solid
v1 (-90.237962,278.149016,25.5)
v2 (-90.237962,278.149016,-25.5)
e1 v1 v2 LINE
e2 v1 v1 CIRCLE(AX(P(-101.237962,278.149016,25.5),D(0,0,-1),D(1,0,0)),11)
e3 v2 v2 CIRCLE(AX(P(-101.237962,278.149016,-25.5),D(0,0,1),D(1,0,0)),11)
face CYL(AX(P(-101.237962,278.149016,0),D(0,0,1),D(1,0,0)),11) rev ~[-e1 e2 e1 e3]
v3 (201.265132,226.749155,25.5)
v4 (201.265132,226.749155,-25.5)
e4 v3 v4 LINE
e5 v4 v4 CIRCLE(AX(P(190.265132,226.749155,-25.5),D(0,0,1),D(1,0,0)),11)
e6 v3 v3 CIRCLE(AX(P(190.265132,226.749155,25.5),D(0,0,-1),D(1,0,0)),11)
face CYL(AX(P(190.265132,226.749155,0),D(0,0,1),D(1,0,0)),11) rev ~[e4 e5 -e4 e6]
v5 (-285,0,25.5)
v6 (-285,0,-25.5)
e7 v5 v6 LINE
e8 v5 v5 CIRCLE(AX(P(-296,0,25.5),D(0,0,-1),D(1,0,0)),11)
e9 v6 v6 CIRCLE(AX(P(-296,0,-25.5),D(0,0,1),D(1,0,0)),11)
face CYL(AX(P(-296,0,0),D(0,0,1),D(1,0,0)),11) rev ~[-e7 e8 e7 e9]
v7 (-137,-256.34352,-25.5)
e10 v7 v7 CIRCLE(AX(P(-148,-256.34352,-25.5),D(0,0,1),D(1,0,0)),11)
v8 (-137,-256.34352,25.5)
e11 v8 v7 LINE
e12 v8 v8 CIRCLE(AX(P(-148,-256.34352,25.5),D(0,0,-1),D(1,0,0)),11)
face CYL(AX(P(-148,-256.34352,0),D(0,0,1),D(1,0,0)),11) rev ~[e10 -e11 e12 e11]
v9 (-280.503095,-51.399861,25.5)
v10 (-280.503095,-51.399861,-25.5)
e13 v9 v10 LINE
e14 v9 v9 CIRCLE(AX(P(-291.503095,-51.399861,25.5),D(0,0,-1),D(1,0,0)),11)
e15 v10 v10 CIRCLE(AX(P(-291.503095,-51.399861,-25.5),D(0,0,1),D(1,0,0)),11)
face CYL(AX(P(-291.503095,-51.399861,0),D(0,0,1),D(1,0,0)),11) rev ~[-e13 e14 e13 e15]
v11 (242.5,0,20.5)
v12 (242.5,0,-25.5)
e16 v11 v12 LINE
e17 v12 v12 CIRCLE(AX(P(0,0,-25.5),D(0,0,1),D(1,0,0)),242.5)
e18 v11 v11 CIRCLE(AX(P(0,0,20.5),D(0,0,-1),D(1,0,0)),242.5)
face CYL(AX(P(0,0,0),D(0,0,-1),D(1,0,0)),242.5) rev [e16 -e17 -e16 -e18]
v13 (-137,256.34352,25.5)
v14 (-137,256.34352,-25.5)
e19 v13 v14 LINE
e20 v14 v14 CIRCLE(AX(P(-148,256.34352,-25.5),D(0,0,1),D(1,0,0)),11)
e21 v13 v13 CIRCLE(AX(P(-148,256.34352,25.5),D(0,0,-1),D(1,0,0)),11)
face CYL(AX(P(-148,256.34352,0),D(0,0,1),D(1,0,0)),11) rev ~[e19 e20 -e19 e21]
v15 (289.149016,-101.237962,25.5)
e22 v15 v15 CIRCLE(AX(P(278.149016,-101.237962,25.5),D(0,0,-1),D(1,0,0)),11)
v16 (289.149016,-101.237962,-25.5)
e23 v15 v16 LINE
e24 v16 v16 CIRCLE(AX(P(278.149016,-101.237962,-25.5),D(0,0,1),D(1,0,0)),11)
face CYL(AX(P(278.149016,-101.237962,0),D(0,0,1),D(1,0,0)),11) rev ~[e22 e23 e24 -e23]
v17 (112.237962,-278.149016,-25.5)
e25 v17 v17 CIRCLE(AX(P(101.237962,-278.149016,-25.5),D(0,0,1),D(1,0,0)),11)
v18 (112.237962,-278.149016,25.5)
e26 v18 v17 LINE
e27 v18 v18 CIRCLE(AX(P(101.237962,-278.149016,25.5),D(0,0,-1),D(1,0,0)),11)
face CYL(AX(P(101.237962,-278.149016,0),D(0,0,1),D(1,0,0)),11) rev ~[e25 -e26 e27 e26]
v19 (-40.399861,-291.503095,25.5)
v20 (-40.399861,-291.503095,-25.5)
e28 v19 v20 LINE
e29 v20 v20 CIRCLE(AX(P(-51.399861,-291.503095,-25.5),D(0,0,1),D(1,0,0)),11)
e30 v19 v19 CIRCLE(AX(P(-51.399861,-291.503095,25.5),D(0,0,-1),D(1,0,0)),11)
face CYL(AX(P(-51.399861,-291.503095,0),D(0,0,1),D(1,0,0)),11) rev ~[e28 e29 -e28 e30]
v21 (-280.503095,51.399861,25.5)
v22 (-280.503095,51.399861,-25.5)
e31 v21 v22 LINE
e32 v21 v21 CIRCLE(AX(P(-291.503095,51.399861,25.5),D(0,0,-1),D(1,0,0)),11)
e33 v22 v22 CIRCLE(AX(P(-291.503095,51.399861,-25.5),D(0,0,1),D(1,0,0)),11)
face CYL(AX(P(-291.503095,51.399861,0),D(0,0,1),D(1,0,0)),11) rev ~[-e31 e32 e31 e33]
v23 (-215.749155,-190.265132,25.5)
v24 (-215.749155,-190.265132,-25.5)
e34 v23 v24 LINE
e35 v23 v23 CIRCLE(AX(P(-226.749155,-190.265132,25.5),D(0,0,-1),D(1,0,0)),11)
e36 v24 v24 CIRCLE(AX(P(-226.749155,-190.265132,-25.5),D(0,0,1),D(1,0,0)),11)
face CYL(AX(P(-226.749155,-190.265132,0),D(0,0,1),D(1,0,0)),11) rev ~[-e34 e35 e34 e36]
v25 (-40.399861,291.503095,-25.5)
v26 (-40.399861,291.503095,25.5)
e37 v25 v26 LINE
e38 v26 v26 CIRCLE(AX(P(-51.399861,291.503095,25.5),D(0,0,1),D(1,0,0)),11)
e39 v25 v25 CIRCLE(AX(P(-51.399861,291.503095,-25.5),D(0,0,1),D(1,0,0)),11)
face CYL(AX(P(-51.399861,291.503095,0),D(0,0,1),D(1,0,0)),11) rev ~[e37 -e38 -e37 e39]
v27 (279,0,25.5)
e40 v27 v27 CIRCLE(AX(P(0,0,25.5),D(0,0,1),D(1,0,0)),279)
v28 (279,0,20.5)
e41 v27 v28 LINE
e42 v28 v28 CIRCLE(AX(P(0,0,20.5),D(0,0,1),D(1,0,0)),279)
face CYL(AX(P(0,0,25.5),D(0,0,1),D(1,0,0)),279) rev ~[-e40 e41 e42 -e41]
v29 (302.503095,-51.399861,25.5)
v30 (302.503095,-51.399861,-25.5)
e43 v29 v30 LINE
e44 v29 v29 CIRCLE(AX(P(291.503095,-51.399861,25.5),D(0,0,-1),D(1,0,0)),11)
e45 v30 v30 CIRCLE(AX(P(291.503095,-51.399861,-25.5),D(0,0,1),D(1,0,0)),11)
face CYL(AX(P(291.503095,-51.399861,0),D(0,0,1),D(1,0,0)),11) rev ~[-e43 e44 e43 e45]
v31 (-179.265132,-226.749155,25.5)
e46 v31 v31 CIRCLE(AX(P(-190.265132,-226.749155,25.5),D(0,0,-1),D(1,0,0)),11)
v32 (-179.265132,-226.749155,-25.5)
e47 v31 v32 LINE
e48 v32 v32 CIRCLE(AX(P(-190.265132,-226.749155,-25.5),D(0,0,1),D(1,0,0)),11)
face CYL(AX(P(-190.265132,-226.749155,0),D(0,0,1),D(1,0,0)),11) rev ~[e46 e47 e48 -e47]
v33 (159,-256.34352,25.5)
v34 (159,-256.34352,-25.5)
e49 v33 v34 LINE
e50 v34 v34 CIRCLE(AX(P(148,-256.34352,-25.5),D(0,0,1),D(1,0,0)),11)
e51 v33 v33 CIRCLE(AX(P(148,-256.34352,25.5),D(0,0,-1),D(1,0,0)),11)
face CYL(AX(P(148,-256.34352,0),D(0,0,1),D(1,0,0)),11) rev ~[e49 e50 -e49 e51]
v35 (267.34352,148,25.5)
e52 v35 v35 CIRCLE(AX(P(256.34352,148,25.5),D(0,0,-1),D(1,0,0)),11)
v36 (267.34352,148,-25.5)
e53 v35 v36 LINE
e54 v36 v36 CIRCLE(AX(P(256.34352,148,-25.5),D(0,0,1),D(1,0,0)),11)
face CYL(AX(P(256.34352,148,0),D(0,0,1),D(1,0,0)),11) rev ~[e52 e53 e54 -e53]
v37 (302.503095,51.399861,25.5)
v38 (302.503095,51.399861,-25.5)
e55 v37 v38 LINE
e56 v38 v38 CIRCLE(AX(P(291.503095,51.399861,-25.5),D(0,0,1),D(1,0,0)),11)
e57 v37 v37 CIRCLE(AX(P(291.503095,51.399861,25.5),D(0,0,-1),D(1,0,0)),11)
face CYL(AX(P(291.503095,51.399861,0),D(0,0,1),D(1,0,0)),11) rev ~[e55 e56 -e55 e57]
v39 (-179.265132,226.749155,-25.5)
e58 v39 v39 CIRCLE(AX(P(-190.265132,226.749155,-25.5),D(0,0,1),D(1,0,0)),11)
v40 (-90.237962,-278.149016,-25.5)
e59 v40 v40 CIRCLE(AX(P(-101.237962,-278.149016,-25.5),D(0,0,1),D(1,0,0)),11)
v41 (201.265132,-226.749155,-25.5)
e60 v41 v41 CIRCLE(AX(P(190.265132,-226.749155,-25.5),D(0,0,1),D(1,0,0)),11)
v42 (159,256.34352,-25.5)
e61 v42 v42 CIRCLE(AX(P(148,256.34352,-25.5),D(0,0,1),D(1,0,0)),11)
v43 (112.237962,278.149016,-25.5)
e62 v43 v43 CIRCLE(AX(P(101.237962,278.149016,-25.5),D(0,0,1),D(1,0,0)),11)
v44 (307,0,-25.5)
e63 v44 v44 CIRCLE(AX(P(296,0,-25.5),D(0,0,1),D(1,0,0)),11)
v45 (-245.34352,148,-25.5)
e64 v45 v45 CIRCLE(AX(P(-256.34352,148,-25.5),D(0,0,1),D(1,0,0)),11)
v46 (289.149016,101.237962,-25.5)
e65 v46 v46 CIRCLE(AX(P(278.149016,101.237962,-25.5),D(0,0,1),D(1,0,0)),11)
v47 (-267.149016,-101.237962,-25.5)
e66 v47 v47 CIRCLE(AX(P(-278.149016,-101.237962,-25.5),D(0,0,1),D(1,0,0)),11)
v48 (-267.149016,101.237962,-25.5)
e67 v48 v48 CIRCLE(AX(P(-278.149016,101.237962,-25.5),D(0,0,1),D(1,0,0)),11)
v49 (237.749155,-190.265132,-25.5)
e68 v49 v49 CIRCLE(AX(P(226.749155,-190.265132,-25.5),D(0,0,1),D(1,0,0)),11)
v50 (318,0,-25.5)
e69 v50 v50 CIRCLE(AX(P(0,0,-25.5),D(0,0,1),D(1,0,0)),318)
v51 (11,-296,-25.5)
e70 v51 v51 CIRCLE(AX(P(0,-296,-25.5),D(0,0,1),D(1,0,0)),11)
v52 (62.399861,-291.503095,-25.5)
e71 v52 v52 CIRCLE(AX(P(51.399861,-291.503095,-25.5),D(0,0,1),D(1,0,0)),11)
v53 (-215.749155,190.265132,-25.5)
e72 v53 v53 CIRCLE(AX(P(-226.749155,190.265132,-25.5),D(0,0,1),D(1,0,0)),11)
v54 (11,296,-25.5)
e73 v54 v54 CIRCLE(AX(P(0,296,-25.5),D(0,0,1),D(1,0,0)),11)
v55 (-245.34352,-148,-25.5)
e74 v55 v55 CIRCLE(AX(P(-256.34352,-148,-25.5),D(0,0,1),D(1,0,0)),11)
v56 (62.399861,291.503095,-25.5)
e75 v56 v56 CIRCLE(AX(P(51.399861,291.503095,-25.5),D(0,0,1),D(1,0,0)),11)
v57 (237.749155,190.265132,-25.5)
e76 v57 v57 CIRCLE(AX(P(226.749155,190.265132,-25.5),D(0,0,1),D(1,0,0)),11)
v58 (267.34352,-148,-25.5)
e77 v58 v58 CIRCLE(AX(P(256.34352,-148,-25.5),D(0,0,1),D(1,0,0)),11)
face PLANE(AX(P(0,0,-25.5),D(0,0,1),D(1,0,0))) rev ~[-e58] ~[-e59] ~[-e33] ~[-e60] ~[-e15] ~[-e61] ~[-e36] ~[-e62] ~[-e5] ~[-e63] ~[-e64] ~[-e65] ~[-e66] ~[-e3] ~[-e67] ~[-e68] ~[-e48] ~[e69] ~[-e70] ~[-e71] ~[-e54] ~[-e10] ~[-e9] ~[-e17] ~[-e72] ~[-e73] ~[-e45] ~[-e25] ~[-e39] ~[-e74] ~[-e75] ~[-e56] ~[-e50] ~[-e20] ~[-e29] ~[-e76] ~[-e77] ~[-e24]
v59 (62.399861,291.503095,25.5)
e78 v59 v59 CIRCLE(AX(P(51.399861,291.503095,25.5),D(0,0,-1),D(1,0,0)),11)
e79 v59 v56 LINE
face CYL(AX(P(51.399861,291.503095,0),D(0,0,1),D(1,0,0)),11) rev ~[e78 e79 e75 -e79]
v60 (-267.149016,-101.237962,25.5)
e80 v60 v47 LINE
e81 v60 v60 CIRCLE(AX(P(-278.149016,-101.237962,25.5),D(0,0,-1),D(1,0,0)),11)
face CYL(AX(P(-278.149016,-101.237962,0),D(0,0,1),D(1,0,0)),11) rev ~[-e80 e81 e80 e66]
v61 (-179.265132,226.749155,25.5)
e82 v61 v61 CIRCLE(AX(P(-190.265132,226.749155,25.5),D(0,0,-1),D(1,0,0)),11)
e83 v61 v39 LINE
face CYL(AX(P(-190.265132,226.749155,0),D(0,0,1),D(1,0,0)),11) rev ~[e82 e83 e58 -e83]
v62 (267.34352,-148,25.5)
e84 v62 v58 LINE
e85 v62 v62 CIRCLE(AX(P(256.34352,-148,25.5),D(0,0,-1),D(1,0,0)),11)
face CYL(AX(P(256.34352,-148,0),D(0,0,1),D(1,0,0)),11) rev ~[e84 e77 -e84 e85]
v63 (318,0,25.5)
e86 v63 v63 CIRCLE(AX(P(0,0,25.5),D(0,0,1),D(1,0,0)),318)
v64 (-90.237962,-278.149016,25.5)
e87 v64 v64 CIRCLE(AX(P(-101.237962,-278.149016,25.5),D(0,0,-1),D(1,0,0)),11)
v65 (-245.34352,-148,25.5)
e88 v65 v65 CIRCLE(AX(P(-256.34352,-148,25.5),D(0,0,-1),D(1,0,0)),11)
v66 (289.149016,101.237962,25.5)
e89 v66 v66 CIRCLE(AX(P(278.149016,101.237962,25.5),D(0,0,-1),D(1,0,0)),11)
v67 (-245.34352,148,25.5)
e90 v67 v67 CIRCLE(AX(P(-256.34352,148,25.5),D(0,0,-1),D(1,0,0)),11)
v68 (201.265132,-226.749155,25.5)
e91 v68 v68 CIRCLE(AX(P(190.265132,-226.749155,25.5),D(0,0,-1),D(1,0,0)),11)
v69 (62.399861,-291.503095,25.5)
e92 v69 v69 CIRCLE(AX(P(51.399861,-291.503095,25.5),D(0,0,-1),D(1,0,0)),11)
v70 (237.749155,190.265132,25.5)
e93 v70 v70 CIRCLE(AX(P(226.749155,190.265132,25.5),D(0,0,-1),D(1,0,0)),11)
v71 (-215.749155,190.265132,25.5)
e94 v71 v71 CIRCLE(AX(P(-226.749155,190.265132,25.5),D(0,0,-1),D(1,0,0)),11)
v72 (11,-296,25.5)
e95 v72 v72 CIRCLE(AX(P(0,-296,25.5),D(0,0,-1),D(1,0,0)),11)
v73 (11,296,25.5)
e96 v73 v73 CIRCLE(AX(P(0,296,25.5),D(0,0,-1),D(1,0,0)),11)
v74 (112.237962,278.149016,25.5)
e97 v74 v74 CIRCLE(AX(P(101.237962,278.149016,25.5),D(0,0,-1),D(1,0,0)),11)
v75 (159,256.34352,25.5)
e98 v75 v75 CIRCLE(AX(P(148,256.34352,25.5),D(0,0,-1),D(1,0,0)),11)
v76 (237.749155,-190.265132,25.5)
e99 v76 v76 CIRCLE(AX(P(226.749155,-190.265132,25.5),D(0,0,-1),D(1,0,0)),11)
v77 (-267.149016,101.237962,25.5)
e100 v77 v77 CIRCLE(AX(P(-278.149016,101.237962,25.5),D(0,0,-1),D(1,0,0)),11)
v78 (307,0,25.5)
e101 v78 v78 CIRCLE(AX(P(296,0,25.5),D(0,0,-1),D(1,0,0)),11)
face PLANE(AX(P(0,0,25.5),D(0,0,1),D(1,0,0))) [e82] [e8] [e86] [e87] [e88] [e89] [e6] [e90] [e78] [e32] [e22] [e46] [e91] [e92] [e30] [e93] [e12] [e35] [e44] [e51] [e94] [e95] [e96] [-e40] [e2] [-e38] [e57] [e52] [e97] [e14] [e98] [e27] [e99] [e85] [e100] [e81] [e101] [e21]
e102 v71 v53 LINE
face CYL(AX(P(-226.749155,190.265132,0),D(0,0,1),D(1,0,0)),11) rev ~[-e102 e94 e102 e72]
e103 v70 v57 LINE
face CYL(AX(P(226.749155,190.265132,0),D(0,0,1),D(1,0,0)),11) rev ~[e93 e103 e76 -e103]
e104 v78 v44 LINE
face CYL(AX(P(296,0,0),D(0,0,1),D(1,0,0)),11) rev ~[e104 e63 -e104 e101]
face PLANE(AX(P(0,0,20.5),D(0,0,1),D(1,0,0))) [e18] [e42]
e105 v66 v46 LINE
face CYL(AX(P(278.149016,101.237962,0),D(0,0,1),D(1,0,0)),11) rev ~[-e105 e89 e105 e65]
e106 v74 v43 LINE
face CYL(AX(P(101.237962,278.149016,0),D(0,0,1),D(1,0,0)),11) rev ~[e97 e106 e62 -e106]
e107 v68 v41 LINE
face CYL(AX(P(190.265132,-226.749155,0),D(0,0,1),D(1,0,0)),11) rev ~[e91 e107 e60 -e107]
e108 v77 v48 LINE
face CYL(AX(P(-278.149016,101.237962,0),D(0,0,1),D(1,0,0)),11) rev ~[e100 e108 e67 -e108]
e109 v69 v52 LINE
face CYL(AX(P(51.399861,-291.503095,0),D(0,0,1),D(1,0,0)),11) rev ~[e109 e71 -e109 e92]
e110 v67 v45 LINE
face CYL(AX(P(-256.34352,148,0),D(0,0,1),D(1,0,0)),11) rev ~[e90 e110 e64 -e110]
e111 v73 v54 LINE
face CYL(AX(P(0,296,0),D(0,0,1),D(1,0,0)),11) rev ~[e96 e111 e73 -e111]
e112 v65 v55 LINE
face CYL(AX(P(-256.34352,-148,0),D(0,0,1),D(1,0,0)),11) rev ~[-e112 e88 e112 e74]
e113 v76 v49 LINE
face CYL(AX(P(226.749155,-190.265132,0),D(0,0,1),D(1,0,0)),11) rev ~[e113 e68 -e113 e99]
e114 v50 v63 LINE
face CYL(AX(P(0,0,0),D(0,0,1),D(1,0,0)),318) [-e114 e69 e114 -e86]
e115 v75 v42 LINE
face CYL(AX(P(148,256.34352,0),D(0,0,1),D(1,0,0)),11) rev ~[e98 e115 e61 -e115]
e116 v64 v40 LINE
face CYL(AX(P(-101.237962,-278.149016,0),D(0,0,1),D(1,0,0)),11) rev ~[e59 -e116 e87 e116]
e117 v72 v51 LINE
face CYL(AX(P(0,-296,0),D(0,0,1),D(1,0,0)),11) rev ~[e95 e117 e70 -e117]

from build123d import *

# Parameters (mm, degrees)
SKETCH1_R           = 318
SKETCH1_R_2         = 242.5
BOSS_EXTRUDE1_DEPTH = 25.5
SKETCH2_R           = 279
CUT_EXTRUDE1_DEPTH  = 5
SKETCH3_R           = 11
CUT_EXTRUDE2_DEPTH  = 27.5


with BuildPart() as part:
    # Sketch1 → Boss-Extrude1 (new body, symmetric)
    with BuildSketch(Plane.XY):
        Circle(SKETCH1_R)
        Circle(SKETCH1_R_2, mode=Mode.SUBTRACT)
    extrude(amount=BOSS_EXTRUDE1_DEPTH, both=True)

    # Sketch2 → Cut-Extrude1 (cut)
    with BuildSketch(Plane.XY.offset(25.5)):
        Circle(SKETCH2_R)
    extrude(amount=-CUT_EXTRUDE1_DEPTH, mode=Mode.SUBTRACT)

    # Sketch3 → Cut-Extrude2 (cut, symmetric)
    with BuildSketch(Plane.XY):
        with Locations((0, 296)):
            Circle(SKETCH3_R)
        with Locations((51.399860589, 291.503094892)):
            Circle(SKETCH3_R)
        with Locations((101.237962424, 278.149015753)):
            Circle(SKETCH3_R)
        with Locations((148, 256.34351952)):
            Circle(SKETCH3_R)
        with Locations((190.265132467, 226.749155163)):
            Circle(SKETCH3_R)
        with Locations((226.749155163, 190.265132467)):
            Circle(SKETCH3_R)
        with Locations((256.34351952, 148)):
            Circle(SKETCH3_R)
        with Locations((278.149015753, 101.237962424)):
            Circle(SKETCH3_R)
        with Locations((291.503094892, 51.399860589)):
            Circle(SKETCH3_R)
        with Locations((296, 0)):
            Circle(SKETCH3_R)
        with Locations((291.503094892, -51.399860589)):
            Circle(SKETCH3_R)
        with Locations((278.149015753, -101.237962424)):
            Circle(SKETCH3_R)
        with Locations((256.34351952, -148)):
            Circle(SKETCH3_R)
        with Locations((226.749155163, -190.265132467)):
            Circle(SKETCH3_R)
        with Locations((190.265132467, -226.749155163)):
            Circle(SKETCH3_R)
        with Locations((148, -256.34351952)):
            Circle(SKETCH3_R)
        with Locations((101.237962424, -278.149015753)):
            Circle(SKETCH3_R)
        with Locations((51.399860589, -291.503094892)):
            Circle(SKETCH3_R)
        with Locations((0, -296)):
            Circle(SKETCH3_R)
        with Locations((-51.399860589, -291.503094892)):
            Circle(SKETCH3_R)
        with Locations((-101.237962424, -278.149015753)):
            Circle(SKETCH3_R)
        with Locations((-148, -256.34351952)):
            Circle(SKETCH3_R)
        with Locations((-190.265132467, -226.749155163)):
            Circle(SKETCH3_R)
        with Locations((-226.749155163, -190.265132467)):
            Circle(SKETCH3_R)
        with Locations((-256.34351952, -148)):
            Circle(SKETCH3_R)
        with Locations((-278.149015753, -101.237962424)):
            Circle(SKETCH3_R)
        with Locations((-291.503094892, -51.399860589)):
            Circle(SKETCH3_R)
        with Locations((-296, 0)):
            Circle(SKETCH3_R)
        with Locations((-291.503094892, 51.399860589)):
            Circle(SKETCH3_R)
        with Locations((-278.149015753, 101.237962424)):
            Circle(SKETCH3_R)
        with Locations((-256.34351952, 148)):
            Circle(SKETCH3_R)
        with Locations((-226.749155163, 190.265132467)):
            Circle(SKETCH3_R)
        with Locations((-190.265132467, 226.749155163)):
            Circle(SKETCH3_R)
        with Locations((-148, 256.34351952)):
            Circle(SKETCH3_R)
        with Locations((-101.237962424, 278.149015753)):
            Circle(SKETCH3_R)
        with Locations((-51.399860589, 291.503094892)):
            Circle(SKETCH3_R)
    extrude(amount=CUT_EXTRUDE2_DEPTH, both=True, mode=Mode.SUBTRACT)


solid = part.part
